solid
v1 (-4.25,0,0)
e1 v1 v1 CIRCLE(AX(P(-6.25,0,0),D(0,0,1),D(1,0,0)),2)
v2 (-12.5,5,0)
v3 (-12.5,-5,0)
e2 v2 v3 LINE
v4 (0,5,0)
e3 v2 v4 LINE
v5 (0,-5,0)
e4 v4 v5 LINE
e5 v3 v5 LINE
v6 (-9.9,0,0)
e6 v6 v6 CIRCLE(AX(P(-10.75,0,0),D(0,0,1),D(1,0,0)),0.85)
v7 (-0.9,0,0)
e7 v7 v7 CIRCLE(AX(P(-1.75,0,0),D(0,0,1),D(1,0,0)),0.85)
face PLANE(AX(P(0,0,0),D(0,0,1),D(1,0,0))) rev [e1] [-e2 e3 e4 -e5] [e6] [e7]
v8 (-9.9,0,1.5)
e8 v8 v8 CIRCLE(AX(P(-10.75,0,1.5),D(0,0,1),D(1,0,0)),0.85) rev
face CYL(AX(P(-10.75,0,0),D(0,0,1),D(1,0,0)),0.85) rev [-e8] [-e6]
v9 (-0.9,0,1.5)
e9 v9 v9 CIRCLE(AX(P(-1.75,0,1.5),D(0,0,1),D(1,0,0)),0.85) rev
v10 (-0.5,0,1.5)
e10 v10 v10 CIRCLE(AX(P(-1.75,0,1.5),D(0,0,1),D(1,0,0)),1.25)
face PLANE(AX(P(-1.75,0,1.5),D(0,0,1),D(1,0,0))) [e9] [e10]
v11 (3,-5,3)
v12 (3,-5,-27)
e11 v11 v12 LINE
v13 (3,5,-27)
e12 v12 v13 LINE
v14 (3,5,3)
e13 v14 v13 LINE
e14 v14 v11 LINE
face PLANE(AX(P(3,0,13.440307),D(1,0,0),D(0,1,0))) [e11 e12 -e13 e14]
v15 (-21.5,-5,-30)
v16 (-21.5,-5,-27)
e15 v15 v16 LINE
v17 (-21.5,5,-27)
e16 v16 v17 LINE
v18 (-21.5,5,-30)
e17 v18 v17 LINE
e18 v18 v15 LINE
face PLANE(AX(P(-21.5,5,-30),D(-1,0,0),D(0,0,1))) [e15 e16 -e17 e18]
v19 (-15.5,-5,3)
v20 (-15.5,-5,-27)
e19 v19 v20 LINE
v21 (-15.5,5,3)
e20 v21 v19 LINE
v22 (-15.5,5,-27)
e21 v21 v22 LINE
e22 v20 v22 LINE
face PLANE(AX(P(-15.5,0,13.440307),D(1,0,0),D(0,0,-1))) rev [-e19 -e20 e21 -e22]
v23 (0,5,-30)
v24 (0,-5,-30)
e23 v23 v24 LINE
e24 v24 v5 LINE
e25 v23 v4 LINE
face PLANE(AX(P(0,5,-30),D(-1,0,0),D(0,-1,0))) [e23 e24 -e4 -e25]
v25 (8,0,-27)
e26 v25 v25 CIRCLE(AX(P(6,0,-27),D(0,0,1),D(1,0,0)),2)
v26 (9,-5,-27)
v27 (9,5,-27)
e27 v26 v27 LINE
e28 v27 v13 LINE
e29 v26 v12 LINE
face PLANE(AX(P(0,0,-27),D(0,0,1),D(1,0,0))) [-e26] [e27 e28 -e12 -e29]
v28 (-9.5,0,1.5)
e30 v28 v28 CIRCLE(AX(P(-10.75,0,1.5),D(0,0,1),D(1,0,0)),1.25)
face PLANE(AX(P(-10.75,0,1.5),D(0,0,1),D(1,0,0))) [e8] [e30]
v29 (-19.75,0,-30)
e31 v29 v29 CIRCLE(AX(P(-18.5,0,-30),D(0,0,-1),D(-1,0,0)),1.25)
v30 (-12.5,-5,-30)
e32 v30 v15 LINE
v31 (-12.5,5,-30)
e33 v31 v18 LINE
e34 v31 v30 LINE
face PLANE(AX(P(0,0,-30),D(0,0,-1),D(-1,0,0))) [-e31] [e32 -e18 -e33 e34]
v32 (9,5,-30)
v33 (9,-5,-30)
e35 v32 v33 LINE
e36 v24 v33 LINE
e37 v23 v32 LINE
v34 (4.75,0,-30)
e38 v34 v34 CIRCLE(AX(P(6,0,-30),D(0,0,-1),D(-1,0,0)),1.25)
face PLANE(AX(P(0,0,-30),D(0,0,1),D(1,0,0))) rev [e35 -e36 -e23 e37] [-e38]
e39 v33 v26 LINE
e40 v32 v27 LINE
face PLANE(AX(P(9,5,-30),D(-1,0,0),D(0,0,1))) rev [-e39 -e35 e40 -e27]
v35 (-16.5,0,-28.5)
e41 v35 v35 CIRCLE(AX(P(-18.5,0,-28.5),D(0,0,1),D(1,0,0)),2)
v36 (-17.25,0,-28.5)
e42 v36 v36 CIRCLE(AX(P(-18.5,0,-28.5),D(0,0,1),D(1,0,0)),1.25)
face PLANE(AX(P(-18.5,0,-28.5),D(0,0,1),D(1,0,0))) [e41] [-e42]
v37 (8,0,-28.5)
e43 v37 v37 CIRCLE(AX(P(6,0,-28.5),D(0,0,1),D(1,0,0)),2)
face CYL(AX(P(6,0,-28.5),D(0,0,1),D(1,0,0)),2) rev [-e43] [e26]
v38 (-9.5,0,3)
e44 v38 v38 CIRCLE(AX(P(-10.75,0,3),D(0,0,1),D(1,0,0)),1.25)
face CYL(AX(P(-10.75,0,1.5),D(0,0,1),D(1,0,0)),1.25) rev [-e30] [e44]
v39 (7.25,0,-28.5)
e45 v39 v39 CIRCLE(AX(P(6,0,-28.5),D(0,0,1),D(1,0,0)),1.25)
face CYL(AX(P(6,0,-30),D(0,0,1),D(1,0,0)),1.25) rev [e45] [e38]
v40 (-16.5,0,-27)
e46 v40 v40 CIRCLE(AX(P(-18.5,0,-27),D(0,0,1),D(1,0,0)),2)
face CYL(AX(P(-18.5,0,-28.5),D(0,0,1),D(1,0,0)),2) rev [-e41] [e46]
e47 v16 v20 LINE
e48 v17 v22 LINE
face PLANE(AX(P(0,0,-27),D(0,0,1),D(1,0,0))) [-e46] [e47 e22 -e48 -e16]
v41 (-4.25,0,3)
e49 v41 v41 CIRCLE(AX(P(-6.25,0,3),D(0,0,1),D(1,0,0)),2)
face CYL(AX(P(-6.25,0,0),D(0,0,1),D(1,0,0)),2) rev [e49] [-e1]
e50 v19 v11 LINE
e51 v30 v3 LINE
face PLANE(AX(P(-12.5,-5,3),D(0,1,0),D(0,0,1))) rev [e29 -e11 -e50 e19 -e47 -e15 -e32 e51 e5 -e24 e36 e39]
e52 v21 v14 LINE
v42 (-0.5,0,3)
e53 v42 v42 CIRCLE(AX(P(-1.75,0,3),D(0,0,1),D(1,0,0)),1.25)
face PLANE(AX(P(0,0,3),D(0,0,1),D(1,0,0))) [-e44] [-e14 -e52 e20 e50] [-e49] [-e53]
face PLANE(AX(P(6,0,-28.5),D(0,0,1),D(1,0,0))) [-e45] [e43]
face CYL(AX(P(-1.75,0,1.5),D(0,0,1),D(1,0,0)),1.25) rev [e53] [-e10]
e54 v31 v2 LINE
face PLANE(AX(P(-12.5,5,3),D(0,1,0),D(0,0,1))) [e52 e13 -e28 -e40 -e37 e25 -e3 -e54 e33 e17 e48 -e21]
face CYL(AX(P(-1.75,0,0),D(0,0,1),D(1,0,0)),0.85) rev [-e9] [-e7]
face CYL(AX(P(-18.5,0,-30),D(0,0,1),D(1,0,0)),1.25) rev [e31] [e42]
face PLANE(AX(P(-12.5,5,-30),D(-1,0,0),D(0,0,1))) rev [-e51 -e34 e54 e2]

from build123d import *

# Parameters (mm, degrees)
SKETCH_1_W          = 12.5
SKETCH_1_H          = 10
EXTRUDE_1_DEPTH     = 3
SKETCH_2_R          = 0.85
SKETCH_2_R_2        = 2
CUT_EXTRUDE_1_DEPTH = 14.793114224
SKETCH_2_3_R        = 1.25
SKETCH_2_3_R_2      = 2
CUT_EXTRUDE_2_DEPTH = 1.5
SKETCH_3_W          = 9
SKETCH_3_H          = 10
EXTRUDE_2_DEPTH     = 30
EXTRUDE_2_2_DEPTH   = 30
SKETCH_3_3_W        = 3
SKETCH_3_3_H        = 10
EXTRUDE_3_DEPTH     = 3
SKETCH_3_4_W        = 6
SKETCH_3_4_H        = 10
SKETCH_3_4_R        = 2
SKETCH_3_4_R_2      = 1.25
CUT_EXTRUDE_3_DEPTH = 27
SKETCH_3_5_R        = 1.25
CUT_EXTRUDE_4_DEPTH = 38.245805133
CUT_EXTRUDE_START   = 27
SKETCH_3_6_R        = 2
SKETCH_3_6_R_2      = 1.25
CUT_EXTRUDE_5_DEPTH = 1.5


with BuildPart() as part:
    # 草图1 → 凸台-拉伸1 (new body)
    with BuildSketch(Plane.XY):
        with Locations((-6.25, 0)):
            Rectangle(SKETCH_1_W, SKETCH_1_H)
    extrude(amount=EXTRUDE_1_DEPTH)

    # 草图2 → 切除-拉伸1 (cut, through all)
    with BuildSketch(Plane.XY.offset(3)):
        with Locations((-10.75, 0)):
            Circle(SKETCH_2_R)
        with Locations((-1.75, 0)):
            Circle(SKETCH_2_R)
        with Locations((-6.25, 0)):
            Circle(SKETCH_2_R_2)
    extrude(amount=-CUT_EXTRUDE_1_DEPTH, mode=Mode.SUBTRACT)

    # 草图2<3> → 切除-拉伸2 (cut)
    with BuildSketch(Plane.XY.offset(3)):
        with Locations((-1.75, 0)):
            Circle(SKETCH_2_3_R)
        with Locations((-10.75, 0)):
            Circle(SKETCH_2_3_R)
        with Locations((-6.25, 0)):
            Circle(SKETCH_2_3_R_2)
    extrude(amount=-CUT_EXTRUDE_2_DEPTH, mode=Mode.SUBTRACT)



with BuildPart() as body_2:
    # 草图3 → 凸台-拉伸2 (new body)
    with BuildSketch(Plane(origin=(0, 0, 0), x_dir=(-1, 0, 0), z_dir=(0, 0, -1))):
        with Locations((-4.5, 0)):
            Rectangle(SKETCH_3_W, SKETCH_3_H)
    extrude(amount=EXTRUDE_2_DEPTH)


with BuildPart() as body_3:
    # 草图3 → Extrude 2 2 (new body)
    with BuildSketch(Plane(origin=(0, 0, 0), x_dir=(-1, 0, 0), z_dir=(0, 0, -1))):
        with Locations((17, 0)):
            Rectangle(SKETCH_3_W, SKETCH_3_H)
    extrude(amount=EXTRUDE_2_2_DEPTH)


with BuildPart() as part_1:
    add(part.part)

    add(body_2.part)  # 凸台-拉伸3 merges body 2

    add(body_3.part)  # 凸台-拉伸3 merges body 3
    # 草图3<3> → 凸台-拉伸3 (add)
    with BuildSketch(Plane(origin=(0, 0, 0), x_dir=(-1, 0, 0), z_dir=(0, 0, -1))):
        with Locations((14, 0)):
            Rectangle(SKETCH_3_3_W, SKETCH_3_3_H)
        with Locations((-1.5, 0)):
            Rectangle(SKETCH_3_3_W, SKETCH_3_3_H)
    extrude(amount=-EXTRUDE_3_DEPTH)

    # 草图3<4> → 切除-拉伸3 (cut)
    # profile 1 of 6: a face of its own
    with BuildSketch(Plane(origin=(0, 0, 0), x_dir=(-1, 0, 0), z_dir=(0, 0, -1))):
        with Locations((-6, 0)):
            Rectangle(SKETCH_3_4_W, SKETCH_3_4_H)
        with Locations((-6, 0)):
            Circle(SKETCH_3_4_R, mode=Mode.SUBTRACT)
    # profile 2 of 6: a face of its own
    with BuildSketch(Plane(origin=(0, 0, 0), x_dir=(-1, 0, 0), z_dir=(0, 0, -1))):
        with Locations((18.5, 0)):
            Rectangle(SKETCH_3_4_W, SKETCH_3_4_H)
        with Locations((18.5, 0)):
            Circle(SKETCH_3_4_R, mode=Mode.SUBTRACT)
    # profile 3 of 6: a face of its own
    with BuildSketch(Plane(origin=(0, 0, 0), x_dir=(-1, 0, 0), z_dir=(0, 0, -1))):
        with Locations((-6, 0)):
            Circle(SKETCH_3_4_R)
        with Locations((-6, 0)):
            Circle(SKETCH_3_4_R_2, mode=Mode.SUBTRACT)
    # profile 4 of 6: a face of its own
    with BuildSketch(Plane(origin=(0, 0, 0), x_dir=(-1, 0, 0), z_dir=(0, 0, -1))):
        with Locations((-6, 0)):
            Circle(SKETCH_3_4_R_2)
    # profile 5 of 6: a face of its own
    with BuildSketch(Plane(origin=(0, 0, 0), x_dir=(-1, 0, 0), z_dir=(0, 0, -1))):
        with Locations((18.5, 0)):
            Circle(SKETCH_3_4_R)
        with Locations((18.5, 0)):
            Circle(SKETCH_3_4_R_2, mode=Mode.SUBTRACT)
    # profile 6 of 6: a face of its own
    with BuildSketch(Plane(origin=(0, 0, 0), x_dir=(-1, 0, 0), z_dir=(0, 0, -1))):
        with Locations((18.5, 0)):
            Circle(SKETCH_3_4_R_2)
    extrude(amount=CUT_EXTRUDE_3_DEPTH, mode=Mode.SUBTRACT)

    # 草图3<5> → 切除-拉伸4 (cut, through all)
    with BuildSketch(Plane(origin=(0, 0, 0), x_dir=(-1, 0, 0), z_dir=(0, 0, -1))):
        with Locations(Location((18.5, 0, 0), (0, 0, 180))):
            Circle(SKETCH_3_5_R)
        with Locations(Location((-6, 0, 0), (0, 0, 180))):
            Circle(SKETCH_3_5_R)
    extrude(amount=CUT_EXTRUDE_4_DEPTH, mode=Mode.SUBTRACT)

    # 草图3<6> → 切除-拉伸5 (cut)
    # profile 1 of 2: a face of its own
    with BuildSketch(Plane(origin=(0, 0, 0), x_dir=(-1, 0, 0), z_dir=(0, 0, -1)).offset(CUT_EXTRUDE_START)):
        with Locations(Location((18.5, 0, 0), (0, 0, 180))):
            Circle(SKETCH_3_6_R)
        with Locations(Location((18.5, 0, 0), (0, 0, 180))):
            Circle(SKETCH_3_6_R_2, mode=Mode.SUBTRACT)
    # profile 2 of 2: a face of its own
    with BuildSketch(Plane(origin=(0, 0, 0), x_dir=(-1, 0, 0), z_dir=(0, 0, -1)).offset(CUT_EXTRUDE_START)):
        with Locations(Location((-6, 0, 0), (0, 0, 180))):
            Circle(SKETCH_3_6_R)
        with Locations(Location((-6, 0, 0), (0, 0, 180))):
            Circle(SKETCH_3_6_R_2, mode=Mode.SUBTRACT)
    extrude(amount=CUT_EXTRUDE_5_DEPTH, mode=Mode.SUBTRACT)


solid = part_1.part
